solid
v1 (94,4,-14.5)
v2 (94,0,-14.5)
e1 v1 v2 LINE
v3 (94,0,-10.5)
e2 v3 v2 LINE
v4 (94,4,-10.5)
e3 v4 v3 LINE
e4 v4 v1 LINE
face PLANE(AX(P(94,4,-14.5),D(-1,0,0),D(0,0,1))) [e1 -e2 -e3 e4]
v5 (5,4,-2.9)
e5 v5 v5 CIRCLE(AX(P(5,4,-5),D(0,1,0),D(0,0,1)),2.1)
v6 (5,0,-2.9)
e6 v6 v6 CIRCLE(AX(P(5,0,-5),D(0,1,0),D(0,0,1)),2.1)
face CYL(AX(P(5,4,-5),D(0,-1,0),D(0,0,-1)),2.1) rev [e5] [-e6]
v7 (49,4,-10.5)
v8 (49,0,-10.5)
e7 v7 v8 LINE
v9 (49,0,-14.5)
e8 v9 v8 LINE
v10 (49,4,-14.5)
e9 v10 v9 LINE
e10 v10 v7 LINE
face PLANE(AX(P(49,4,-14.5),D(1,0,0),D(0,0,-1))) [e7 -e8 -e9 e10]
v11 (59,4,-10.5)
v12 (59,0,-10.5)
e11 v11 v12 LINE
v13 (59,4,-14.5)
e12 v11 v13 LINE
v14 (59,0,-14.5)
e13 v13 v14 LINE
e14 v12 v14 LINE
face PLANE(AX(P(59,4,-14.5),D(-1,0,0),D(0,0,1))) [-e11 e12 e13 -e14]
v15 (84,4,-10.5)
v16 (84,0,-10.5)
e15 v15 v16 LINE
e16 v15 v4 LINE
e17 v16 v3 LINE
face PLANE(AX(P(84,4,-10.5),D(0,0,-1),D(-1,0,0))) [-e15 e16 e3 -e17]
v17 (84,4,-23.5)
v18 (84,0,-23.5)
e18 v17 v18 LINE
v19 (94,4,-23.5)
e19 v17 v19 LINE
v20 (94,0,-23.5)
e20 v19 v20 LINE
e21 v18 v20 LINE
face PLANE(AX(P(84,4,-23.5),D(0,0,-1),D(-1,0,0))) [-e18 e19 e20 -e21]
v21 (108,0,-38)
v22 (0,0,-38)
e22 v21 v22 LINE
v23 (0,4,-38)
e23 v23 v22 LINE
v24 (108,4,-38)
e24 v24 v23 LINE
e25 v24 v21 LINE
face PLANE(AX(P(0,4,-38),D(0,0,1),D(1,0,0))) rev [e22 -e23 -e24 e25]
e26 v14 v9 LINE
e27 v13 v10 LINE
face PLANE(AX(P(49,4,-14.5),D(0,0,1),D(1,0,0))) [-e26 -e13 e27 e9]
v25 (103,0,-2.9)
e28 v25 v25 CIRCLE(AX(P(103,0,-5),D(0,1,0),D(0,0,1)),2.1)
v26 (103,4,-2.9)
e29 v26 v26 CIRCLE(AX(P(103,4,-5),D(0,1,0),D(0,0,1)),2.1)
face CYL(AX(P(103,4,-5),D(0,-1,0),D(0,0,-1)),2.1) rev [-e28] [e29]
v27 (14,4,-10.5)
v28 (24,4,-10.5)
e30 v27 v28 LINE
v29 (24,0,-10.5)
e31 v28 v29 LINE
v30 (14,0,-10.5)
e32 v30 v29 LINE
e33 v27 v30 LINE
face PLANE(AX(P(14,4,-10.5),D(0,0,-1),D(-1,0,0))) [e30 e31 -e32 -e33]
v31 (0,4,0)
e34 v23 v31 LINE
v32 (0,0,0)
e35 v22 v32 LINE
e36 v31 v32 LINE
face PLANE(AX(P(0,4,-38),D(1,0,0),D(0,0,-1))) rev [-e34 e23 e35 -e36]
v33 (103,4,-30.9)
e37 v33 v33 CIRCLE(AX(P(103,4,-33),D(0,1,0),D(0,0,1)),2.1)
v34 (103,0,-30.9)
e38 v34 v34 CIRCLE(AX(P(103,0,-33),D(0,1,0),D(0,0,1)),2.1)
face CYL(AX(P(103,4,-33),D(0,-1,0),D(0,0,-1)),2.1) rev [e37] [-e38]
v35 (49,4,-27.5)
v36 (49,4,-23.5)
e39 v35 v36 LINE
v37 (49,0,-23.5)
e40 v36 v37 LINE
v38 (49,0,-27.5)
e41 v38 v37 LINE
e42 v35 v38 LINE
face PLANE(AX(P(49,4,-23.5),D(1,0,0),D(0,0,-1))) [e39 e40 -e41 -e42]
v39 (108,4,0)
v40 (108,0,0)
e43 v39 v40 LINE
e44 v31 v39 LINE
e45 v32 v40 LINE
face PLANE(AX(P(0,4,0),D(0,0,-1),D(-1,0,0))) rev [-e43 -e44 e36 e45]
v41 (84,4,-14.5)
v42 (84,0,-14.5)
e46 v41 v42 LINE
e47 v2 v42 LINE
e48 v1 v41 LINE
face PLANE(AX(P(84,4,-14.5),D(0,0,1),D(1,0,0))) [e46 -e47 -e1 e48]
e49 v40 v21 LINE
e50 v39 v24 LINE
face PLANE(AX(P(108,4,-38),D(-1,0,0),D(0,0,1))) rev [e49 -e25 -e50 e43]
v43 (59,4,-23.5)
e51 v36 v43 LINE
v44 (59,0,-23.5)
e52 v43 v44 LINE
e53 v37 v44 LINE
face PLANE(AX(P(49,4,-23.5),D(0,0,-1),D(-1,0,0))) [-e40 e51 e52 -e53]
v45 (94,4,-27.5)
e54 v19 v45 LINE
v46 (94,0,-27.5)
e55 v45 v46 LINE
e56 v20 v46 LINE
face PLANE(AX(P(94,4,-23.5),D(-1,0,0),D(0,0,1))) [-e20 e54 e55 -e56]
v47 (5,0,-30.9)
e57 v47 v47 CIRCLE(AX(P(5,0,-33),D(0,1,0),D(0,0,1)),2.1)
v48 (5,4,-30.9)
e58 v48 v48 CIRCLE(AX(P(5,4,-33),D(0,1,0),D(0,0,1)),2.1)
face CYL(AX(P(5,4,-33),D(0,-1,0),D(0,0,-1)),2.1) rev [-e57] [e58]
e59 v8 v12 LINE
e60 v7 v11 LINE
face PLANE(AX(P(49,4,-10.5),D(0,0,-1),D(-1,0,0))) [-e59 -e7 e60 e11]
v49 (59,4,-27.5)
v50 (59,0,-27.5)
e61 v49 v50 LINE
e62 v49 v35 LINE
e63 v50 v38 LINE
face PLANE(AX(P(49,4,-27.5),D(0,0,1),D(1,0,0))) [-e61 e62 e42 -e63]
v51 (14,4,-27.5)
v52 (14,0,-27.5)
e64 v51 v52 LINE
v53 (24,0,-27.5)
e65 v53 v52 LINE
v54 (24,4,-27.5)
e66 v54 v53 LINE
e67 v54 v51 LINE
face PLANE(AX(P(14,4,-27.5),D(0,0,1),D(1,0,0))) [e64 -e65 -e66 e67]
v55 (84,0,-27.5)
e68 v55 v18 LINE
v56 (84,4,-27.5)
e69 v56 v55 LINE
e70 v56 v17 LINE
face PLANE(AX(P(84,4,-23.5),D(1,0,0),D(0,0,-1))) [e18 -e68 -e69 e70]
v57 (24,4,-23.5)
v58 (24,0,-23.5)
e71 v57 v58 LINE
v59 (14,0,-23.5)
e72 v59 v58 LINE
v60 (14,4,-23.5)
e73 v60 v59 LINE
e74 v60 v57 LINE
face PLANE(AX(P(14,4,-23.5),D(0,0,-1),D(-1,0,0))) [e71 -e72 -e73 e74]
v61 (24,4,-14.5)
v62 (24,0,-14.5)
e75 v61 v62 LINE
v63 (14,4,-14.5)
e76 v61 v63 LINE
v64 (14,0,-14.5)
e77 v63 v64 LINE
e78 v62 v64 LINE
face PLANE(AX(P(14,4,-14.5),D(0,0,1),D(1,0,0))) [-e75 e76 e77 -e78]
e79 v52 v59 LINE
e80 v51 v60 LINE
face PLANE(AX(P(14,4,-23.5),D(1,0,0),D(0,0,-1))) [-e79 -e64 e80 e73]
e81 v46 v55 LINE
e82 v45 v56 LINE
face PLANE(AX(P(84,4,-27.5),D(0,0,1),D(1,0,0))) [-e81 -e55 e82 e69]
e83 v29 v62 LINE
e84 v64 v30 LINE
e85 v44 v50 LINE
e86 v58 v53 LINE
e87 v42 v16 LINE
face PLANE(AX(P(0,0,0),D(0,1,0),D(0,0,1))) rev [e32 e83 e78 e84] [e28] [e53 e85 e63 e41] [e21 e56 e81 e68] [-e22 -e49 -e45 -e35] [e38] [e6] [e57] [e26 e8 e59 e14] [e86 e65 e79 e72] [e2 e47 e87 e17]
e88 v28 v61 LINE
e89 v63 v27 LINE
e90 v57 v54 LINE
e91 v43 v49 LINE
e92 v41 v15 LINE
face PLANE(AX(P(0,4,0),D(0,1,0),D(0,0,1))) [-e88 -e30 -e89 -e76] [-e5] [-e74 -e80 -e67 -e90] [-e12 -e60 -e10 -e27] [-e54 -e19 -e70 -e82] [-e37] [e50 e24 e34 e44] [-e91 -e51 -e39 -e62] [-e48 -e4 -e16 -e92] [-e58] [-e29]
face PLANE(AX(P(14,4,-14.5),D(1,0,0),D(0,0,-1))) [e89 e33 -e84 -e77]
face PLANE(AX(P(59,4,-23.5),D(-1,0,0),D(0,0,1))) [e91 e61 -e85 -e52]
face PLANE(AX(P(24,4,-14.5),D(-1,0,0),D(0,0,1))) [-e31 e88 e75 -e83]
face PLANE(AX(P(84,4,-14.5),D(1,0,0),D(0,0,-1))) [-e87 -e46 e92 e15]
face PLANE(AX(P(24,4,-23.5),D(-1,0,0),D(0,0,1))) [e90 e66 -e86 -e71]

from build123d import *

# Parameters (mm, degrees)
SKETCH1_W           = 108
SKETCH1_H           = 38
SKETCH1_R           = 2.1
SKETCH1_W_2         = 10
SKETCH1_H_2         = 4
BOSS_EXTRUDE1_DEPTH = 4


with BuildPart() as part:
    # Sketch1 → Boss-Extrude1 (new body)
    with BuildSketch(Plane(origin=(0, 0, 0), x_dir=(1, 0, 0), z_dir=(0, 1, 0))):
        with Locations((54, 19)):
            Rectangle(SKETCH1_W, SKETCH1_H)
        with Locations(Location((5, 33, 0), (0, 0, 270))):
            Circle(SKETCH1_R, mode=Mode.SUBTRACT)
        with Locations(Location((5, 5, 0), (0, 0, 270))):
            Circle(SKETCH1_R, mode=Mode.SUBTRACT)
        with Locations(Location((103, 5, 0), (0, 0, 270))):
            Circle(SKETCH1_R, mode=Mode.SUBTRACT)
        with Locations(Location((103, 33, 0), (0, 0, 270))):
            Circle(SKETCH1_R, mode=Mode.SUBTRACT)
        with Locations((19, 12.5)):
            Rectangle(SKETCH1_W_2, SKETCH1_H_2, mode=Mode.SUBTRACT)
        with Locations((19, 25.5)):
            Rectangle(SKETCH1_W_2, SKETCH1_H_2, mode=Mode.SUBTRACT)
        with Locations((54, 25.5)):
            Rectangle(SKETCH1_W_2, SKETCH1_H_2, mode=Mode.SUBTRACT)
        with Locations((54, 12.5)):
            Rectangle(SKETCH1_W_2, SKETCH1_H_2, mode=Mode.SUBTRACT)
        with Locations((89, 25.5)):
            Rectangle(SKETCH1_W_2, SKETCH1_H_2, mode=Mode.SUBTRACT)
        with Locations((89, 12.5)):
            Rectangle(SKETCH1_W_2, SKETCH1_H_2, mode=Mode.SUBTRACT)
    extrude(amount=BOSS_EXTRUDE1_DEPTH)


solid = part.part
